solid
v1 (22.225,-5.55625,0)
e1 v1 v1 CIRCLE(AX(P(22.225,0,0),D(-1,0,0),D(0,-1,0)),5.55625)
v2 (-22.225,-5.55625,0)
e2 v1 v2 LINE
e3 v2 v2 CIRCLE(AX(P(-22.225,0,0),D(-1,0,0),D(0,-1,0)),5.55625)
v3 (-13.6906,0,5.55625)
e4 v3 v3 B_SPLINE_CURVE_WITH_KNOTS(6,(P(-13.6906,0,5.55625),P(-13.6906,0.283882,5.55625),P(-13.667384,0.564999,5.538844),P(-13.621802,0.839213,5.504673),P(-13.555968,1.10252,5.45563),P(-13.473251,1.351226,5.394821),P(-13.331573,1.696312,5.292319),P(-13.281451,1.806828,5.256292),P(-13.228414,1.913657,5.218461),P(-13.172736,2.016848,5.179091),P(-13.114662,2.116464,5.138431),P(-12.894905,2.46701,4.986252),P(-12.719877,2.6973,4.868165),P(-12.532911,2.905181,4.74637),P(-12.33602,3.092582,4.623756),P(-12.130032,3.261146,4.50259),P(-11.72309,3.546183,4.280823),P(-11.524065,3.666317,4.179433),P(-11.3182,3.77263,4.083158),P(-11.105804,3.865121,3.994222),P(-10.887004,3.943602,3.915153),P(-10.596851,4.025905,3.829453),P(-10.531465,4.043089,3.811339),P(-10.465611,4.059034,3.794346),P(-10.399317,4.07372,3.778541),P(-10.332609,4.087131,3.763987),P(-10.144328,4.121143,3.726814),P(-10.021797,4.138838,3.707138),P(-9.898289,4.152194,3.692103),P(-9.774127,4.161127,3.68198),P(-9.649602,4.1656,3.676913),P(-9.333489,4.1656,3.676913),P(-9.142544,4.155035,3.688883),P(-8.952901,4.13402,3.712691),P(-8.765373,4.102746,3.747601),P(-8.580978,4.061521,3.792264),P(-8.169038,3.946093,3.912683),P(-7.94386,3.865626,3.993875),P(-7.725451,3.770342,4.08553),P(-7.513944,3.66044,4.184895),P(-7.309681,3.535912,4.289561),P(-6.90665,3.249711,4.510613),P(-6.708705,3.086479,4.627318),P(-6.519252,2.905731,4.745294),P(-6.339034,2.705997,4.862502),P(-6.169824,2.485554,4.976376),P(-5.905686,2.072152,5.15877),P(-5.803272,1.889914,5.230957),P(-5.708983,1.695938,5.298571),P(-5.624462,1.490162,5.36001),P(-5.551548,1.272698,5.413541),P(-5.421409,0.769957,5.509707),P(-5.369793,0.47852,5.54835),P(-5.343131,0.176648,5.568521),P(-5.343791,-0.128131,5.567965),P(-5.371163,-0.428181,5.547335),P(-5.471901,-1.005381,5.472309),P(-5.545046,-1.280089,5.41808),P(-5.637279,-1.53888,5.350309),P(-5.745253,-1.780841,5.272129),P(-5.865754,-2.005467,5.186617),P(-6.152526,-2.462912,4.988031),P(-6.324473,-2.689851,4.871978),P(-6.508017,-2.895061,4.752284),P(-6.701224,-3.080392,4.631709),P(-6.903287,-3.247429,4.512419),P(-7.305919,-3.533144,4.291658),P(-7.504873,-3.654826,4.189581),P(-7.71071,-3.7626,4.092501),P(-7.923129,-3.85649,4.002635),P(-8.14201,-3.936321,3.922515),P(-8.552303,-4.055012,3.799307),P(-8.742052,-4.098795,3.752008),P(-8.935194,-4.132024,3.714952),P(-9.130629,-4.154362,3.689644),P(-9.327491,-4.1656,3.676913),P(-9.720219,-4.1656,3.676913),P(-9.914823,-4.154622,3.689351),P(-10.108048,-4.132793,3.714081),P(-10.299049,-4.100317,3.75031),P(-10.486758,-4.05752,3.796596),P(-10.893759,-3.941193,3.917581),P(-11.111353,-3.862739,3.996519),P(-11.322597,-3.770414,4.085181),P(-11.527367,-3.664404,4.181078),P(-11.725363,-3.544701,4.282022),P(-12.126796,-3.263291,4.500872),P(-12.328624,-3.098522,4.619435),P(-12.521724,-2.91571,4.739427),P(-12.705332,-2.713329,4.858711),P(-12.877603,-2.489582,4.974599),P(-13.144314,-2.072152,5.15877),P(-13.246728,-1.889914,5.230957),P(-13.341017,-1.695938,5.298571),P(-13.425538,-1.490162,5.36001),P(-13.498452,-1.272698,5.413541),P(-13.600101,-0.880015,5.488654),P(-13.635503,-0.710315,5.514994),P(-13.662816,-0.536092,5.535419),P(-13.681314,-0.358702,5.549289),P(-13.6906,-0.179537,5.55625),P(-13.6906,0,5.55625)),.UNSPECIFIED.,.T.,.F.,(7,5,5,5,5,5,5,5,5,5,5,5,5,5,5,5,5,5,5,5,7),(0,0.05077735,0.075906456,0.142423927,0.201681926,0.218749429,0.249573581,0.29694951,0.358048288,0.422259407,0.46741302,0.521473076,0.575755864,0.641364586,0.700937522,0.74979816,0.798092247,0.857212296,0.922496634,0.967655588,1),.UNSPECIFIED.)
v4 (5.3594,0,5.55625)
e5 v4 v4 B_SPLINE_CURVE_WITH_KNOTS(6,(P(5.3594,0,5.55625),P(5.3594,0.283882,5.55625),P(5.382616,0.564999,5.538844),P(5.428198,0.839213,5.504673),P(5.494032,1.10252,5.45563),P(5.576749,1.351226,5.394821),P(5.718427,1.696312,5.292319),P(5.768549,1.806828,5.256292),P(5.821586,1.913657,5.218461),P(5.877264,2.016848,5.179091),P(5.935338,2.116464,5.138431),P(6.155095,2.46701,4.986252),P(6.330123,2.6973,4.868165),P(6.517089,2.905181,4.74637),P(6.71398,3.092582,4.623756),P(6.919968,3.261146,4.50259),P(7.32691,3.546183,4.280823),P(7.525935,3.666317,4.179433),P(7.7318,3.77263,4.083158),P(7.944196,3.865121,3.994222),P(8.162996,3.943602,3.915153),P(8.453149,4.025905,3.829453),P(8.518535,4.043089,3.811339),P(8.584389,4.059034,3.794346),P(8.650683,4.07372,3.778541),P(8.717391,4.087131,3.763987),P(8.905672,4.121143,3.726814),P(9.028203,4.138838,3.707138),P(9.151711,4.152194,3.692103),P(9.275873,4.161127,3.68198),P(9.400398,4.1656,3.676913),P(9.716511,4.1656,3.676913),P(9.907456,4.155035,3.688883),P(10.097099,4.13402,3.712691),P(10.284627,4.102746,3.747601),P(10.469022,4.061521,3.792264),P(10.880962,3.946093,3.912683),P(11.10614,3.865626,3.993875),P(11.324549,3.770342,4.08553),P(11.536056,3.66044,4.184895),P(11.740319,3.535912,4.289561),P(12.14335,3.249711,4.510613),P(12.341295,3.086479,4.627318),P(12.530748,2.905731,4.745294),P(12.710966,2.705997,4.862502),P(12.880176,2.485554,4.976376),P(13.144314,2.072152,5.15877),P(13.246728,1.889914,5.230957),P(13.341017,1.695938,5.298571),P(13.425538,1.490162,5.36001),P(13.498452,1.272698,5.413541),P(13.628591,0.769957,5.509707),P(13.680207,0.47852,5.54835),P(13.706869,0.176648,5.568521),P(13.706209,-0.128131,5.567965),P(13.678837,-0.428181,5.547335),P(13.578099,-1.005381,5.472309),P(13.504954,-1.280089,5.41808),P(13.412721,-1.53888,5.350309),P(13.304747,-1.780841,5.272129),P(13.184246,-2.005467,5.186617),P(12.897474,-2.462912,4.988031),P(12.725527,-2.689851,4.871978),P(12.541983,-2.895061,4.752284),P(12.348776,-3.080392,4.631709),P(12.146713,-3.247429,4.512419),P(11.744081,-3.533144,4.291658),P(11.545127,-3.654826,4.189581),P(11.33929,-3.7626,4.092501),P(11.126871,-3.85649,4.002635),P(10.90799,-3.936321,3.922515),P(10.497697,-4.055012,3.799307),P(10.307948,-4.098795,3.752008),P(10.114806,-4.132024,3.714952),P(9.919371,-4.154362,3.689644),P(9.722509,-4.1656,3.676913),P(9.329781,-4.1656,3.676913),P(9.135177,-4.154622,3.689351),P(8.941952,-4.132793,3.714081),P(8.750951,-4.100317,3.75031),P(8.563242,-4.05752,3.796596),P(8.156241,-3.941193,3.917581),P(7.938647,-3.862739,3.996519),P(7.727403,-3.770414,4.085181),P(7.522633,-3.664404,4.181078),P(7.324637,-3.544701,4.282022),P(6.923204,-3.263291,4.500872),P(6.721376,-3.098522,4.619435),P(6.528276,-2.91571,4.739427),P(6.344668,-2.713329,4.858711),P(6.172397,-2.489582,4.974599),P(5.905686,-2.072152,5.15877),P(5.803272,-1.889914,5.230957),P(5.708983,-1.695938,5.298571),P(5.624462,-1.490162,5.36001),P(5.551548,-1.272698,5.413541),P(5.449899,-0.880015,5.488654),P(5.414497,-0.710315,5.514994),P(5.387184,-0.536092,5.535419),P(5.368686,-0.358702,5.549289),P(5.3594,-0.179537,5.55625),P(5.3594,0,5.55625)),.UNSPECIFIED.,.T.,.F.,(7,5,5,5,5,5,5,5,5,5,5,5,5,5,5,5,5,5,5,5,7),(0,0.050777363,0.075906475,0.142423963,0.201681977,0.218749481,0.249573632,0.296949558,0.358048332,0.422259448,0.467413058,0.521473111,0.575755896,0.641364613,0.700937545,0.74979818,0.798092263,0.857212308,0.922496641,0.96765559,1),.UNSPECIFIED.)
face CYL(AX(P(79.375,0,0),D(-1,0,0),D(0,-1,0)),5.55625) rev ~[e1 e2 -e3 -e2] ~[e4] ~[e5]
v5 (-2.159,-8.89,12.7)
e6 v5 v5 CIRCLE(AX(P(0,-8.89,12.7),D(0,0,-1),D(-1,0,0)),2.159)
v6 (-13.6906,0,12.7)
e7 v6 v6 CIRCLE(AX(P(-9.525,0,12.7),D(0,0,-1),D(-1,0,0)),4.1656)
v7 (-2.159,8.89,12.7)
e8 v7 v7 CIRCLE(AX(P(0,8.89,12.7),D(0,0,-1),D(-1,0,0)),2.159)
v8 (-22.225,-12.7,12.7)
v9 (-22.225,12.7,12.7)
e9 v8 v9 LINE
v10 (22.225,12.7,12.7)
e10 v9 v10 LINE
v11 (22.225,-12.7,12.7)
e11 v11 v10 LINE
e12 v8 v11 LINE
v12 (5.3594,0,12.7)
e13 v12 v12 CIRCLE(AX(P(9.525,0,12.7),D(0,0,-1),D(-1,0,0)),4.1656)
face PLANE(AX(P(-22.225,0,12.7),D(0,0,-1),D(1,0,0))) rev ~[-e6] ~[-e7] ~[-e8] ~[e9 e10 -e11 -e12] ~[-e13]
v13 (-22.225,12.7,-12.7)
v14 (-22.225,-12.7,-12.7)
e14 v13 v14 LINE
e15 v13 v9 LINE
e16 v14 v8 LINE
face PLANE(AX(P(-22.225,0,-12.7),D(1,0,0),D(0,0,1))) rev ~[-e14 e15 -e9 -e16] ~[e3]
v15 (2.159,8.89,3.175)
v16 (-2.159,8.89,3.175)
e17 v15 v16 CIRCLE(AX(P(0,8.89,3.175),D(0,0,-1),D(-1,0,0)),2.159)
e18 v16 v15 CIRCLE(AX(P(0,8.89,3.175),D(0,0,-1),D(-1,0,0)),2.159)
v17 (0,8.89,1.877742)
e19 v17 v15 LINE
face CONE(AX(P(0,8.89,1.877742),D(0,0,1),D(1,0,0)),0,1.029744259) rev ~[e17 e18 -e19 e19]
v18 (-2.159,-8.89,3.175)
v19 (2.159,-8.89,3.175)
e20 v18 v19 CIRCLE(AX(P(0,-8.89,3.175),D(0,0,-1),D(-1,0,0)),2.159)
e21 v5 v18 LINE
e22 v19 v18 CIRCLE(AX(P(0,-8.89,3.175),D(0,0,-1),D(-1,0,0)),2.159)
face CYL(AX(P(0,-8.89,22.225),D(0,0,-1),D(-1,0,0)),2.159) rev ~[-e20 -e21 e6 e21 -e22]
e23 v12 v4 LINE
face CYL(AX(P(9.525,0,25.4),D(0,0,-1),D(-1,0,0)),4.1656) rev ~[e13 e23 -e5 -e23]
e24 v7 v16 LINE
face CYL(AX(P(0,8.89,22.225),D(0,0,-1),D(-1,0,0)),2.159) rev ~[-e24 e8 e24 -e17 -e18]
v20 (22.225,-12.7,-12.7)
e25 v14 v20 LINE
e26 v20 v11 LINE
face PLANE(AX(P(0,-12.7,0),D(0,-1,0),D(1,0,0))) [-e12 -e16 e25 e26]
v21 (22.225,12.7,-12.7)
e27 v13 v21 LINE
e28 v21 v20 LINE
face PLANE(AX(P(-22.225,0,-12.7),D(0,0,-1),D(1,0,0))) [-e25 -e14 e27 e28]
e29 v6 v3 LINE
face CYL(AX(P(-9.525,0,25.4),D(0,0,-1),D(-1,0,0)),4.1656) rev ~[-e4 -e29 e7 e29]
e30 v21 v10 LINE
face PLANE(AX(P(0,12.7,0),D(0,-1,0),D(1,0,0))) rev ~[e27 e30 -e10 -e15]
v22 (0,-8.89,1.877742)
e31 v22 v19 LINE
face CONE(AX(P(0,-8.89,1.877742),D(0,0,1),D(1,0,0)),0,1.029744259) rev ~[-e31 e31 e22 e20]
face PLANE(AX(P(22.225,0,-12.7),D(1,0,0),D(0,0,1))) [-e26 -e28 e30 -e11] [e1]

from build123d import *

# Parameters (mm, degrees)
F0_W     = 44.45
F0_H     = 25.4
F1_DEPTH = 12.7
F4_D     = 8.3312
F4_DEPTH = 12.7
F4_TIP   = 2.5029449946
F5_D     = 8.3312
F5_DEPTH = 12.7
F5_TIP   = 2.5029449946
F6_D     = 4.318
F6_DEPTH = 9.525
F6_TIP   = 1.2972580765
F7_D     = 11.1125


with BuildPart() as f1:
    # F0 (on Front) → F1 (new body, symmetric)
    with BuildSketch(Plane.XZ):
        Rectangle(F0_W, F0_H)
    extrude(amount=F1_DEPTH, both=True)

    # F4
    with Locations(Plane.XY.offset(12.7)):
        with Locations((-9.525, 0)):
            Hole(F4_D / 2, depth=F4_DEPTH)
            with Locations((0, 0, -(F4_DEPTH + F4_TIP / 2))):  # 118° drill point
                Cone(0, F4_D / 2, F4_TIP, mode=Mode.SUBTRACT)

    # F5
    with Locations(Plane.XY.offset(12.7)):
        with Locations((9.525, 0)):
            Hole(F5_D / 2, depth=F5_DEPTH)
            with Locations((0, 0, -(F5_DEPTH + F5_TIP / 2))):  # 118° drill point
                Cone(0, F5_D / 2, F5_TIP, mode=Mode.SUBTRACT)

    # F6
    with Locations(Plane.XY.offset(12.7)):
        with Locations((0, 8.89), (0, -8.89)):
            Hole(F6_D / 2, depth=F6_DEPTH)
            with Locations((0, 0, -(F6_DEPTH + F6_TIP / 2))):  # 118° drill point
                Cone(0, F6_D / 2, F6_TIP, mode=Mode.SUBTRACT)

    # F7 (through all)
    with Locations(Plane.YZ.offset(22.225)):
        with Locations((0, 0)):
            Hole(F7_D / 2)


solid = f1.part
